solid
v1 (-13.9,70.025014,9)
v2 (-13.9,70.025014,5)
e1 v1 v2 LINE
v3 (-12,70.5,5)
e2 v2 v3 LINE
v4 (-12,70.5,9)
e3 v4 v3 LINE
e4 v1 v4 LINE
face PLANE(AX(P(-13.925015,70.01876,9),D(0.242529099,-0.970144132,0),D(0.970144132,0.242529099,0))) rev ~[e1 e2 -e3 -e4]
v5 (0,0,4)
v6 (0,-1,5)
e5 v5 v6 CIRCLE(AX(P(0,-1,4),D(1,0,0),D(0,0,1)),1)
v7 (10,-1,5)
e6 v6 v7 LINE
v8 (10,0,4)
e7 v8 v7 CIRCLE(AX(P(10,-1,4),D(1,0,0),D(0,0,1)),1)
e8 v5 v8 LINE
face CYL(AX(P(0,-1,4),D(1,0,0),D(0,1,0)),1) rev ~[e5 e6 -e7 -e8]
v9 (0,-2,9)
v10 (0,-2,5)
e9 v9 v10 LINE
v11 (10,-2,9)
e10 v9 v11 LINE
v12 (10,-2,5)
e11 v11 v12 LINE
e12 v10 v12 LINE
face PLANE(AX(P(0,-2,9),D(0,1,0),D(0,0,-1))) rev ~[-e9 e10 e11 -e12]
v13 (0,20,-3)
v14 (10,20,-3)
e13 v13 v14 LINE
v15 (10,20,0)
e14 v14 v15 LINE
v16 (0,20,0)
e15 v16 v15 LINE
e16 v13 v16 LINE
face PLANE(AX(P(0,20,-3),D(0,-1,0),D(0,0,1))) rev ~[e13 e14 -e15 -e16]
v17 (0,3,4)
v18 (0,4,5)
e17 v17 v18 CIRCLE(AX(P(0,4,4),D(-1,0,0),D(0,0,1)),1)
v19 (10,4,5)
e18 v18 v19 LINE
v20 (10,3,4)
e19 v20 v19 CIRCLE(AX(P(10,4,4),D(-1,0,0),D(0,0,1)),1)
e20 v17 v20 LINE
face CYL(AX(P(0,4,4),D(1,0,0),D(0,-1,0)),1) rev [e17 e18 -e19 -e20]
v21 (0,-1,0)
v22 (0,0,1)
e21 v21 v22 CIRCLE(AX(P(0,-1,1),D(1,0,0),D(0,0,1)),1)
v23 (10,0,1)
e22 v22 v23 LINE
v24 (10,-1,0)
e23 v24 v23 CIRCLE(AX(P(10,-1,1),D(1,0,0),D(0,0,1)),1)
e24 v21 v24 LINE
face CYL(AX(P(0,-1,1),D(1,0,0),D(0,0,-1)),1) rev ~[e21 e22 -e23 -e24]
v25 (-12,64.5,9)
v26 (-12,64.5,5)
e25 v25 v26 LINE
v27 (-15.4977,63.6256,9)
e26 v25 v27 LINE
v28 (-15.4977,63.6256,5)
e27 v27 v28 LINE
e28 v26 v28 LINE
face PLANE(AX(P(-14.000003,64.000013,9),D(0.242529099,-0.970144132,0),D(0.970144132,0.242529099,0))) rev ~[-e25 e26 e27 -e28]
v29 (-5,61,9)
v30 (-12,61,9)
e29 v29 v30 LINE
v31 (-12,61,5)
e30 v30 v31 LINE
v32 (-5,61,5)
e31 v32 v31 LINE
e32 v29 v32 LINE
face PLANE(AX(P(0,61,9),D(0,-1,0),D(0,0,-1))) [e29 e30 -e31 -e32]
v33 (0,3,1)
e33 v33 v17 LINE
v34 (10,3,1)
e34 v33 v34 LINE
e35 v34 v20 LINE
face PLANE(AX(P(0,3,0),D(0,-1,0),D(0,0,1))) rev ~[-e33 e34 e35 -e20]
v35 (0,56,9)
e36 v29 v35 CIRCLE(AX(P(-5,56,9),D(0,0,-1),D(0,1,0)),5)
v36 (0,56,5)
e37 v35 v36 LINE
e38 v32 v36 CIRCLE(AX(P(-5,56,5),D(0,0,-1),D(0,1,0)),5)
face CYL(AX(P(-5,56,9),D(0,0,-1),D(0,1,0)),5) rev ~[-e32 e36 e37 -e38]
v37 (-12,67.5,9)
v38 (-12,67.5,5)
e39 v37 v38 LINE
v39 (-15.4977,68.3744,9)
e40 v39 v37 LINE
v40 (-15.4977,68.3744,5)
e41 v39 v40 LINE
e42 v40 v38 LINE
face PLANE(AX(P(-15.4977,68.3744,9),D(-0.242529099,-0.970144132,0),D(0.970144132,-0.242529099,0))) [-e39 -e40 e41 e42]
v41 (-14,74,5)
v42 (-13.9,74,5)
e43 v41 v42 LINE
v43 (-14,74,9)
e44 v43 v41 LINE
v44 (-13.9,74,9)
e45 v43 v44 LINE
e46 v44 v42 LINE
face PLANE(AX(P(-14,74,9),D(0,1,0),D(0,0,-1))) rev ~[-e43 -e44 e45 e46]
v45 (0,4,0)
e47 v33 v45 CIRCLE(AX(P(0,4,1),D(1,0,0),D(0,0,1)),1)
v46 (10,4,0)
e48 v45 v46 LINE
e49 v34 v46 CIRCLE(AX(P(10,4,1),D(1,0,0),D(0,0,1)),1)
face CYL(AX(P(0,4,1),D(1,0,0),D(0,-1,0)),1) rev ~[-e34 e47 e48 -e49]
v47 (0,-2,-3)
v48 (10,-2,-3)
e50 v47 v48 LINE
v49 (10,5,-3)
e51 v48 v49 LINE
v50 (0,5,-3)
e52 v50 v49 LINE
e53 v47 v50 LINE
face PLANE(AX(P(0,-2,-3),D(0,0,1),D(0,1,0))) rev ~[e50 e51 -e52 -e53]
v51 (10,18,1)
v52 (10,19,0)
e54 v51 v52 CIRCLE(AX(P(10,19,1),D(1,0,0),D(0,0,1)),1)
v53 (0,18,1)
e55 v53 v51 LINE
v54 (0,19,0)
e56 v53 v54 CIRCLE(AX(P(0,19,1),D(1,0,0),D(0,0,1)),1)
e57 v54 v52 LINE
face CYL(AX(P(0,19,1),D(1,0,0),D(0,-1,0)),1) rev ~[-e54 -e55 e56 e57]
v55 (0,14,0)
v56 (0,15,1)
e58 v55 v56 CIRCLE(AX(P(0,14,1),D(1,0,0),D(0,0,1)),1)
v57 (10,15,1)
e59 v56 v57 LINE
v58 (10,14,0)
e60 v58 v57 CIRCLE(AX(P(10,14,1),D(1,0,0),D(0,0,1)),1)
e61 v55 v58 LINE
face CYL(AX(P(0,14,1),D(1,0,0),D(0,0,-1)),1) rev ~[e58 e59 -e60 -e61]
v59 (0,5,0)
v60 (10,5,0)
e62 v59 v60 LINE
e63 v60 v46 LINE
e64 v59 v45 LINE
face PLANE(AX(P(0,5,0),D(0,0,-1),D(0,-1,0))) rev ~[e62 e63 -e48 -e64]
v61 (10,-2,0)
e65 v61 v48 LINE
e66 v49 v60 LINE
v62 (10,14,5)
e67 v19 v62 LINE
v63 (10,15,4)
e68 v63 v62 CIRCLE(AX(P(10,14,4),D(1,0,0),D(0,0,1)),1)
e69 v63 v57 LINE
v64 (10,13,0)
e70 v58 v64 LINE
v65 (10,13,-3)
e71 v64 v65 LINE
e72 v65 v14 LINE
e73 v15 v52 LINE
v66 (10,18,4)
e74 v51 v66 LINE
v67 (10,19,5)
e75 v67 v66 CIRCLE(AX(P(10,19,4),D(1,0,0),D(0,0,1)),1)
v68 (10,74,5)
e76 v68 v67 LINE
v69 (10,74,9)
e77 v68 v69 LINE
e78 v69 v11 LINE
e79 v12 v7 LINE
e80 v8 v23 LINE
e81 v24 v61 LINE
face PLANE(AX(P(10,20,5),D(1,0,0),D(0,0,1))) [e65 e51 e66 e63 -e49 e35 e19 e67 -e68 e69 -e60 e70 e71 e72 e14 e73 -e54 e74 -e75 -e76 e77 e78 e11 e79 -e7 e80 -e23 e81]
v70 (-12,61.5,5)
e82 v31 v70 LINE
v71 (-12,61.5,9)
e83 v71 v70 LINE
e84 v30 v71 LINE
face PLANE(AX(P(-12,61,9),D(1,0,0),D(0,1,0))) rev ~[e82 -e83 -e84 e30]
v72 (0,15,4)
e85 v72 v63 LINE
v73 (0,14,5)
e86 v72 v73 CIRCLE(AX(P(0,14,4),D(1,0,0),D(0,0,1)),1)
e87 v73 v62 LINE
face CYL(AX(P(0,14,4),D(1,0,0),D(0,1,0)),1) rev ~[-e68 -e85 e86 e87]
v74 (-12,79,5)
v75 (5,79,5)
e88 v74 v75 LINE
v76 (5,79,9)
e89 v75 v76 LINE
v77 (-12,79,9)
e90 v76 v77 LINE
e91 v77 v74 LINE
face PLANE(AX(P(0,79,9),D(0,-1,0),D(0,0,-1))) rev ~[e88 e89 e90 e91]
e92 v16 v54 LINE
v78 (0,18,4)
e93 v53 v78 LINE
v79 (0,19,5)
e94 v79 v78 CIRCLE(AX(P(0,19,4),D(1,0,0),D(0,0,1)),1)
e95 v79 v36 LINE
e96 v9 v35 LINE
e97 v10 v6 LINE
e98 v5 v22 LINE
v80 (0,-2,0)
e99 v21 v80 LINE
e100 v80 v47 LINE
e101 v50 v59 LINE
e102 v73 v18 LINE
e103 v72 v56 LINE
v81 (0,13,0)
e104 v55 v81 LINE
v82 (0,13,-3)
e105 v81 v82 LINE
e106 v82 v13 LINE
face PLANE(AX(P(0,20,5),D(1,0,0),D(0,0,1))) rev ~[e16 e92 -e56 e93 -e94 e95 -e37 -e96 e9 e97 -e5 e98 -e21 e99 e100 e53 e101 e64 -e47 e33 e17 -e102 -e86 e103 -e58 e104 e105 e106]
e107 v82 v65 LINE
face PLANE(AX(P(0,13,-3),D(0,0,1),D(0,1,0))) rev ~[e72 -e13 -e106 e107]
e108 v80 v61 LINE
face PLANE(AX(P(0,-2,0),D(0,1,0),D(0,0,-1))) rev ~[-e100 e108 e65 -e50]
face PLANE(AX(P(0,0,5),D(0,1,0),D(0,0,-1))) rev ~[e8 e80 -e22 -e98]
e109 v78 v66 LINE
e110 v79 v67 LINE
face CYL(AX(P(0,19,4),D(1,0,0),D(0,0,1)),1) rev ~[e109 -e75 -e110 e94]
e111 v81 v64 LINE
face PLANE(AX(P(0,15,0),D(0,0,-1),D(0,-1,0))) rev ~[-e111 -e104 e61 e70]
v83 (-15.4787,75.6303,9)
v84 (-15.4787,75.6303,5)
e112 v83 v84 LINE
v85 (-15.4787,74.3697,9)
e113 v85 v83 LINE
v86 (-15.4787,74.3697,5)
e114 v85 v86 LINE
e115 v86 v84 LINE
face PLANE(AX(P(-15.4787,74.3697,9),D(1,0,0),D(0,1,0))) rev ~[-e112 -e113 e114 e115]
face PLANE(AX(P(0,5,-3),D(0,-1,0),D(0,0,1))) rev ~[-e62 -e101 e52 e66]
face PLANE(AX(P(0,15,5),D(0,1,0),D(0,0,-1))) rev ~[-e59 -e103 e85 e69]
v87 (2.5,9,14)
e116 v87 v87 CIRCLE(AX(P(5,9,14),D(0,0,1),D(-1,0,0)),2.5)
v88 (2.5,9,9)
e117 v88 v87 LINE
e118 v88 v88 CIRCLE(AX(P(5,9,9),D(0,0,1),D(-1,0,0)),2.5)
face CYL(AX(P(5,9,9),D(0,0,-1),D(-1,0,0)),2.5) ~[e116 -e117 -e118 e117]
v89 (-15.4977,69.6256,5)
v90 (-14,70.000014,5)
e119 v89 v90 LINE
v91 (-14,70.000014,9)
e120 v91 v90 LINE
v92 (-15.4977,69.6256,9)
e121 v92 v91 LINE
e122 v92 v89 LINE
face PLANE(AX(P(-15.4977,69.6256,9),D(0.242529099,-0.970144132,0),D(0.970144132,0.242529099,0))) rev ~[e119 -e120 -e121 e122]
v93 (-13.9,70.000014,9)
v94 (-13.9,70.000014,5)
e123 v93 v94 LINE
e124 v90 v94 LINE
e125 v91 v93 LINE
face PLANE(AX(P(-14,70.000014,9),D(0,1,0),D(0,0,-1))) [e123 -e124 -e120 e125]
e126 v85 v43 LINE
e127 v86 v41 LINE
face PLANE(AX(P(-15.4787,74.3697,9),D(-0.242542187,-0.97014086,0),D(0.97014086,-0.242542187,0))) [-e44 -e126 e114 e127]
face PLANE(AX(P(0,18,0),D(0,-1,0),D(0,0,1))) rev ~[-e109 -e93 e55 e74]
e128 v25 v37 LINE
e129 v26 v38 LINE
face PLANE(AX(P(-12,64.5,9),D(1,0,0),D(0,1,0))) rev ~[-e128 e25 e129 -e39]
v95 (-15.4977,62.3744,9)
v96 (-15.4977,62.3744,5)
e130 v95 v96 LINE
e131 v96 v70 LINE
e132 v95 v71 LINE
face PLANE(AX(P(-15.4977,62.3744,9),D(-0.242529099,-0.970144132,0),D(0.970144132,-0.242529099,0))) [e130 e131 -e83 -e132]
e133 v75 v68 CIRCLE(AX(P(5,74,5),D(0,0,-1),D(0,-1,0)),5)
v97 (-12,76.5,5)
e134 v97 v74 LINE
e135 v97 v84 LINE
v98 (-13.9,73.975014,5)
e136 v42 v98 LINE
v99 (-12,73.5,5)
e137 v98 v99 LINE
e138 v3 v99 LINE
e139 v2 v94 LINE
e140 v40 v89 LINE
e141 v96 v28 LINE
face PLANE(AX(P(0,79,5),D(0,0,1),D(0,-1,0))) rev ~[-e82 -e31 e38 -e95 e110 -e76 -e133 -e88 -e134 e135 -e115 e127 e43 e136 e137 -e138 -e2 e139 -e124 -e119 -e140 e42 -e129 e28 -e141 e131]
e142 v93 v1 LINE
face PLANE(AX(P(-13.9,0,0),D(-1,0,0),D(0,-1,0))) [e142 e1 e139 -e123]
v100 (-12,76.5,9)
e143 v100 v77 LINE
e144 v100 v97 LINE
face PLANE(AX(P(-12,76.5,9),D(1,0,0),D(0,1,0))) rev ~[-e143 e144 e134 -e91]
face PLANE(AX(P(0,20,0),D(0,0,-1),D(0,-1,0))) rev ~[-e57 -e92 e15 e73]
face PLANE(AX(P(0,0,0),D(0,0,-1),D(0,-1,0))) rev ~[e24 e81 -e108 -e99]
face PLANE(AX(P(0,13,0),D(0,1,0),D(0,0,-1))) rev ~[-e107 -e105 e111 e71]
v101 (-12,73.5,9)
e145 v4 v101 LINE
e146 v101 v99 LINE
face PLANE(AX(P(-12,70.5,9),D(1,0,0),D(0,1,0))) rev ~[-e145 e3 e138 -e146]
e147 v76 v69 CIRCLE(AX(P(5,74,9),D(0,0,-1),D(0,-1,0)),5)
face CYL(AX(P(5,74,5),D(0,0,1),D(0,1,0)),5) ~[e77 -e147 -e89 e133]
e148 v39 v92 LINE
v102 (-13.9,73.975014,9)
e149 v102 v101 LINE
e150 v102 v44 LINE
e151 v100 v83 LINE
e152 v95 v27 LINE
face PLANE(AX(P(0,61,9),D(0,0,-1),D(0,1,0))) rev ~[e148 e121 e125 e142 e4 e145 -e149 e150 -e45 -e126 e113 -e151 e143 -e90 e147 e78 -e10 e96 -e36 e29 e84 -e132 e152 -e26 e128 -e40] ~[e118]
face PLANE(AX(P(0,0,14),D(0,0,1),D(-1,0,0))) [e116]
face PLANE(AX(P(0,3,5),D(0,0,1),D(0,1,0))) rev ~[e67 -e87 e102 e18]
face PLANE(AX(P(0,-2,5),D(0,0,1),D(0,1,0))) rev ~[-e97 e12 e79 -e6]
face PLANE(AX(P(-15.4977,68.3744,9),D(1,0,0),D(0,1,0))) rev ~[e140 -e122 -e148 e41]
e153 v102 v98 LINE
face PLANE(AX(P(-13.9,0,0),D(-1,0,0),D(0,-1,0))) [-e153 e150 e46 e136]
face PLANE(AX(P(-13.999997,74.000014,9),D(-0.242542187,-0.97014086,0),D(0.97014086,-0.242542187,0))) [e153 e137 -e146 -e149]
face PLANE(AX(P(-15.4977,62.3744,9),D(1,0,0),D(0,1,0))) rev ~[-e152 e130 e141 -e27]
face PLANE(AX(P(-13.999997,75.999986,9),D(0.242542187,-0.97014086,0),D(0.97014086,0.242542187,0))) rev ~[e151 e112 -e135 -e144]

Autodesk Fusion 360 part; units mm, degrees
sketch "Sketch1" plane through (0, 0, 0) normal (1, 0, 0) x (0, 1, 0)
  line L0 (0, 0) -> (0, 5) construction
  line L1 (0, 5) -> (3, 5) construction
  line L2 (3, 5) -> (3, 0) construction
  line L3 (3, 0) -> (0, 0) construction
  line L4 (0, 5) -> (-2, 5) construction
  line L5 (-2, 5) -> (-2, 9) construction
  line L6 (0, 0) -> (-2, 0) construction
  line L7 (-2, 0) -> (-2, -3) construction
  line L8 (-2, -3) -> (5, -3) construction
  line L9 (5, -3) -> (5, 0) construction
  line L10 (5, 0) -> (3, 0) construction
  line L11 (3, 5) -> (5, 5) construction
  line L12 (5, 5) -> (5, 9) construction
  line L13 (-2, 9) -> (5, 9) construction
  line L14 (-2, 5) -> (0, 5)
  line L15 (0, 5) -> (0, 0)
  line L16 (0, 0) -> (-2, 0)
  line L17 (-2, 0) -> (-2, -3)
  line L18 (-2, -3) -> (5, -3)
  line L19 (5, -3) -> (5, 0)
  line L20 (5, 0) -> (3, 0)
  line L21 (3, 0) -> (3, 5)
  line L22 (3, 5) -> (5, 5)
  line L23 (5, 5) -> (5, 9)
  line L24 (5, 9) -> (-2, 9)
  line L25 (-2, 9) -> (-2, 5)
  line L26 (-2, 5) -> (0, 5)
  line L27 (5, 9) -> (-2, 9)
  line L28 (-2, 0) -> (-2, -3)
  line L29 (3, 5) -> (5, 5) construction
  line L30 (5, 5) -> (5, 9) construction
  line L31 (5, 0) -> (3, 0)
  line L32 (-2, 0) -> (-2, -3) construction
  line L33 (5, 0) -> (3, 0) construction
  line L34 (-2, 9) -> (5, 9) construction
  line L35 (-2, -3) -> (5, -3) construction
  line L36 (-2, -3) -> (5, -3)
  line L37 (-2, 9) -> (-2, 5)
  line L38 (5, -3) -> (5, 0) construction
  line L39 (3, 5) -> (3, 0) construction
  line L40 (5, -3) -> (5, 0)
  line L41 (0, 0) -> (-2, 0)
  line L42 (3, 0) -> (3, 5)
  line L43 (0, 0) -> (-2, 0) construction
  line L44 (-2, 5) -> (-2, 9) construction
  line L45 (0, 5) -> (3, 5) construction
  line L46 (3, 5) -> (5, 5)
  line L47 (5, 5) -> (5, 9)
  line L48 (0, 0) -> (0, 5) construction
  line L49 (3, 0) -> (0, 0) construction
  line L50 (0, 5) -> (-2, 5) construction
  line L51 (0, 5) -> (0, 0)
  line L52 (13, 5) -> (15, 5)
  line L53 (20, 9) -> (13, 9)
  line L54 (13, 0) -> (13, -3)
  line L55 (18, 5) -> (20, 5) construction
  line L56 (20, 5) -> (20, 9) construction
  line L57 (20, 0) -> (18, 0)
  line L58 (13, 0) -> (13, -3) construction
  line L59 (20, 0) -> (18, 0) construction
  line L60 (13, 9) -> (20, 9) construction
  line L61 (13, -3) -> (20, -3) construction
  line L62 (13, -3) -> (20, -3)
  line L63 (13, 9) -> (13, 5)
  line L64 (20, -3) -> (20, 0) construction
  line L65 (18, 5) -> (18, 0) construction
  line L66 (20, -3) -> (20, 0)
  line L67 (15, 0) -> (13, 0)
  line L68 (18, 0) -> (18, 5)
  line L69 (15, 0) -> (13, 0) construction
  line L70 (13, 5) -> (13, 9) construction
  line L71 (15, 5) -> (18, 5) construction
  line L72 (18, 5) -> (20, 5)
  line L73 (20, 5) -> (20, 9)
  line L74 (15, 0) -> (15, 5) construction
  line L75 (18, 0) -> (15, 0) construction
  line L76 (15, 5) -> (13, 5) construction
  line L77 (15, 5) -> (15, 0)
  point P0 (15, 0)
  dimension "d1" = 5
  dimension "d2" = 3
  dimension "d3" = 2
  dimension "d4" = 4
  dimension "d5" = 3
  dimension "d6" = 2
  dimension "d7" = 4
  dimension "d8" = 5
  dimension "d9" = 3
  dimension "d10" = 2
  dimension "d11" = 4
  dimension "d12" = 3
  dimension "d13" = 2
  dimension "d14" = 4
  dimension "d15" = 5
  dimension "d16" = 3
  dimension "d17" = 2
  dimension "d18" = 4
  dimension "d19" = 3
  dimension "d20" = 2
  dimension "d21" = 4
extrude "Extrude1" add sketch "Sketch1" along normal blind 10 makes body 1 at (6.6667, 0.3333, -3) makes body 2 at (3.3333, 15.3333, -3)
extrude "Extrude2" add 1 faces at (3.3333, 5, 6.3333) along direction (0, 1, 0) blind 8 on bodies 1 bodies 1 2
fillet "Fillet1" radius 1 1 edges at (5, 18, 5) on bodies 1
fillet "Fillet2" radius 1 1 edges at (5, 18, 0) on bodies 1
fillet "Fillet3" radius 1 1 edges at (5, 15, 0) on bodies 1
fillet "Fillet4" radius 1 1 edges at (5, 15, 5) on bodies 1
fillet "Fillet5" radius 1 1 edges at (5, 3, 0) on bodies 1
fillet "Fillet6" radius 1 1 edges at (5, 0, 0) on bodies 1
fillet "Fillet7" radius 1 1 edges at (5, 0, 5) on bodies 1
fillet "Fillet8" radius 1 1 edges at (5, 3, 5) on bodies 1
extrude "Extrude3" add 1 faces at (3.3333, 20, 6.3333) along direction (0, 1, 0) blind 59 on bodies 1 bodies 1
sketch "Sketch2" plane through (0, 0, 9) normal (0, 0, 1) x (-1, 0, 0)
  line L0 (0, -5) -> (-10, -5)
  line L1 (-10, -5) -> (-10, -13)
  line L2 (-10, -13) -> (0, -13)
  line L3 (0, -13) -> (0, -5)
  line L4 (-5, -13) -> (-5, -9) construction
  circle A0 centre (-5, -9) radius 2.5
  dimension "d44" = 5
extrude "Extrude4" add sketch "Sketch2" along normal blind 5 contours A0 bodies 1
sketch "Sketch3" plane through (0, 0, 0) normal (-1, 0, 0) x (0, -1, 0)
  arc A0 (1, 5) -> (0, 4) centre (1, 4) ccw
  line L0 (1, 5) -> (2, 5)
  line L1 (2, 5) -> (2, 9)
  line L2 (2, 9) -> (-5, 9)
  line L3 (-5, 9) -> (-13, 9)
  line L4 (-13, 9) -> (-20, 9)
  line L5 (-20, 9) -> (-79, 9)
  line L6 (-79, 9) -> (-79, 5)
  line L7 (-79, 5) -> (-19, 5)
  arc A1 (-18, 4) -> (-19, 5) centre (-19, 4) ccw
  line L8 (-18, 4) -> (-18, 1)
  arc A2 (-19, 0) -> (-18, 1) centre (-19, 1) ccw
  line L9 (-19, 0) -> (-20, 0)
  line L10 (-20, 0) -> (-20, -3)
  line L11 (-20, -3) -> (-13, -3)
  line L12 (-13, -3) -> (-13, 0)
  line L13 (-13, 0) -> (-14, 0)
  arc A3 (-15, 1) -> (-14, 0) centre (-14, 1) ccw
  line L14 (-15, 1) -> (-15, 4)
  arc A4 (-14, 5) -> (-15, 4) centre (-14, 4) ccw
  line L15 (-14, 5) -> (-4, 5)
  arc A5 (-3, 4) -> (-4, 5) centre (-4, 4) ccw
  line L16 (-3, 4) -> (-3, 1)
  arc A6 (-4, 0) -> (-3, 1) centre (-4, 1) ccw
  line L17 (-4, 0) -> (-5, 0)
  line L18 (-5, 0) -> (-5, -3)
  line L19 (-5, -3) -> (2, -3)
  line L20 (2, -3) -> (2, 0)
  line L21 (2, 0) -> (1, 0)
  arc A7 (0, 1) -> (1, 0) centre (1, 1) ccw
  line L22 (0, 1) -> (0, 4)
  line L23 (-79, 9) -> (-61, 9)
  line L24 (-61, 9) -> (-61, 5)
  line L25 (-61, 5) -> (-79, 5)
  line L26 (-79, 5) -> (-79, 9)
  dimension "d47" = 18
extrude "Extrude5" add sketch "Sketch3" along normal blind 14 contours L5 L6 L7 L23 L24 L25 L26 bodies 1
fillet "Fillet9" radius 5 1 edges at (0, 61, 7) on bodies 1
fillet "Fillet10" radius 5 1 edges at (10, 79, 7) on bodies 1
sketch "Sketch4" plane through (0, 0, 9) normal (0, 0, 1) x (-1, 0, 0)
  arc A0 (-10, -74) -> (-5, -79) centre (-5, -74) ccw
  line L0 (-5, -79) -> (14, -79)
  line L1 (14, -79) -> (14, -61)
  line L2 (14, -61) -> (5, -61)
  arc A1 (0, -56) -> (5, -61) centre (5, -56) ccw
  line L3 (0, -56) -> (0, -20)
  line L4 (0, -20) -> (-10, -20)
  line L5 (-10, -20) -> (-10, -74)
  line L6 (16, -79) -> (12, -79) construction
  line L7 (12, -79) -> (12, -61) construction
  line L8 (12, -61) -> (16, -61) construction
  line L9 (16, -61) -> (16, -79) construction
  line L10 (12, -79) -> (12, -77) construction
  line L11 (12, -77) -> (16, -76) construction
  line L12 (16, -76) -> (16, -74) construction
  line L13 (16, -74) -> (12, -73) construction
  line L14 (12, -71) -> (16, -70) construction
  line L15 (16, -70) -> (16, -68) construction
  line L16 (16, -68) -> (12, -67) construction
  line L17 (12, -65) -> (16, -64) construction
  line L18 (16, -62) -> (12, -61) construction
  line L19 (12, -76.5) -> (16, -75.5) construction
  line L20 (16, -74.5) -> (12, -73.5) construction
  line L21 (16, -68.5) -> (12, -67.5) construction
  line L22 (16, -69.5) -> (12, -70.5) construction
  line L23 (16, -62.5) -> (12, -61.5) construction
  line L24 (16, -63.5) -> (12, -64.5) construction
  line L25 (15.4977, -62.3744) -> (15.4977, -63.6256)
  line L26 (15.4977, -68.3744) -> (15.4977, -69.6256)
  line L27 (15.4787, -74.3697) -> (15.4787, -75.6303)
  line L28 (15.4787, -75.6303) -> (12, -76.5)
  line L29 (15.4787, -74.3697) -> (12, -73.5)
  line L30 (15.4977, -69.6256) -> (12, -70.5)
  line L31 (15.4977, -68.3744) -> (12, -67.5)
  line L32 (15.4977, -63.6256) -> (12, -64.5)
  line L33 (15.4977, -62.3744) -> (12, -61.5)
  line L34 (13.925, -70.0187) -> (14, -74)
  line L35 (14, -76) -> (14, -79)
  line L36 (14, -62) -> (14, -61)
  line L37 (12, -61) -> (12, -61.5)
  line L38 (12, -64.5) -> (12, -67.5)
  line L39 (14, -64) -> (14, -68)
  line L40 (12, -70.5) -> (12, -73.5)
  line L41 (12, -76.5) -> (12, -79)
  line L42 (14, -79) -> (12, -79)
extrude "Extrude6" add sketch "Sketch4" against normal blind 4 contours L1 L27 L28 L29 | L1 L26 L30 L31 | L1 L25 L32 L33 bodies 1
extrude "Extrude7" cut sketch "Sketch4" against normal blind 4 contours L0 L1 L28 L35 L41 L42 | L29 L30 L34 L40 | L1 L2 L33 L36 L37 | L1 L31 L32 L38 L39 bodies 1
extrude "Extrude8" cut 1 faces at (-14, 72.6667, 7.6667) along direction (1, 0, 0) blind 0.1 on bodies 1 bodies 1
